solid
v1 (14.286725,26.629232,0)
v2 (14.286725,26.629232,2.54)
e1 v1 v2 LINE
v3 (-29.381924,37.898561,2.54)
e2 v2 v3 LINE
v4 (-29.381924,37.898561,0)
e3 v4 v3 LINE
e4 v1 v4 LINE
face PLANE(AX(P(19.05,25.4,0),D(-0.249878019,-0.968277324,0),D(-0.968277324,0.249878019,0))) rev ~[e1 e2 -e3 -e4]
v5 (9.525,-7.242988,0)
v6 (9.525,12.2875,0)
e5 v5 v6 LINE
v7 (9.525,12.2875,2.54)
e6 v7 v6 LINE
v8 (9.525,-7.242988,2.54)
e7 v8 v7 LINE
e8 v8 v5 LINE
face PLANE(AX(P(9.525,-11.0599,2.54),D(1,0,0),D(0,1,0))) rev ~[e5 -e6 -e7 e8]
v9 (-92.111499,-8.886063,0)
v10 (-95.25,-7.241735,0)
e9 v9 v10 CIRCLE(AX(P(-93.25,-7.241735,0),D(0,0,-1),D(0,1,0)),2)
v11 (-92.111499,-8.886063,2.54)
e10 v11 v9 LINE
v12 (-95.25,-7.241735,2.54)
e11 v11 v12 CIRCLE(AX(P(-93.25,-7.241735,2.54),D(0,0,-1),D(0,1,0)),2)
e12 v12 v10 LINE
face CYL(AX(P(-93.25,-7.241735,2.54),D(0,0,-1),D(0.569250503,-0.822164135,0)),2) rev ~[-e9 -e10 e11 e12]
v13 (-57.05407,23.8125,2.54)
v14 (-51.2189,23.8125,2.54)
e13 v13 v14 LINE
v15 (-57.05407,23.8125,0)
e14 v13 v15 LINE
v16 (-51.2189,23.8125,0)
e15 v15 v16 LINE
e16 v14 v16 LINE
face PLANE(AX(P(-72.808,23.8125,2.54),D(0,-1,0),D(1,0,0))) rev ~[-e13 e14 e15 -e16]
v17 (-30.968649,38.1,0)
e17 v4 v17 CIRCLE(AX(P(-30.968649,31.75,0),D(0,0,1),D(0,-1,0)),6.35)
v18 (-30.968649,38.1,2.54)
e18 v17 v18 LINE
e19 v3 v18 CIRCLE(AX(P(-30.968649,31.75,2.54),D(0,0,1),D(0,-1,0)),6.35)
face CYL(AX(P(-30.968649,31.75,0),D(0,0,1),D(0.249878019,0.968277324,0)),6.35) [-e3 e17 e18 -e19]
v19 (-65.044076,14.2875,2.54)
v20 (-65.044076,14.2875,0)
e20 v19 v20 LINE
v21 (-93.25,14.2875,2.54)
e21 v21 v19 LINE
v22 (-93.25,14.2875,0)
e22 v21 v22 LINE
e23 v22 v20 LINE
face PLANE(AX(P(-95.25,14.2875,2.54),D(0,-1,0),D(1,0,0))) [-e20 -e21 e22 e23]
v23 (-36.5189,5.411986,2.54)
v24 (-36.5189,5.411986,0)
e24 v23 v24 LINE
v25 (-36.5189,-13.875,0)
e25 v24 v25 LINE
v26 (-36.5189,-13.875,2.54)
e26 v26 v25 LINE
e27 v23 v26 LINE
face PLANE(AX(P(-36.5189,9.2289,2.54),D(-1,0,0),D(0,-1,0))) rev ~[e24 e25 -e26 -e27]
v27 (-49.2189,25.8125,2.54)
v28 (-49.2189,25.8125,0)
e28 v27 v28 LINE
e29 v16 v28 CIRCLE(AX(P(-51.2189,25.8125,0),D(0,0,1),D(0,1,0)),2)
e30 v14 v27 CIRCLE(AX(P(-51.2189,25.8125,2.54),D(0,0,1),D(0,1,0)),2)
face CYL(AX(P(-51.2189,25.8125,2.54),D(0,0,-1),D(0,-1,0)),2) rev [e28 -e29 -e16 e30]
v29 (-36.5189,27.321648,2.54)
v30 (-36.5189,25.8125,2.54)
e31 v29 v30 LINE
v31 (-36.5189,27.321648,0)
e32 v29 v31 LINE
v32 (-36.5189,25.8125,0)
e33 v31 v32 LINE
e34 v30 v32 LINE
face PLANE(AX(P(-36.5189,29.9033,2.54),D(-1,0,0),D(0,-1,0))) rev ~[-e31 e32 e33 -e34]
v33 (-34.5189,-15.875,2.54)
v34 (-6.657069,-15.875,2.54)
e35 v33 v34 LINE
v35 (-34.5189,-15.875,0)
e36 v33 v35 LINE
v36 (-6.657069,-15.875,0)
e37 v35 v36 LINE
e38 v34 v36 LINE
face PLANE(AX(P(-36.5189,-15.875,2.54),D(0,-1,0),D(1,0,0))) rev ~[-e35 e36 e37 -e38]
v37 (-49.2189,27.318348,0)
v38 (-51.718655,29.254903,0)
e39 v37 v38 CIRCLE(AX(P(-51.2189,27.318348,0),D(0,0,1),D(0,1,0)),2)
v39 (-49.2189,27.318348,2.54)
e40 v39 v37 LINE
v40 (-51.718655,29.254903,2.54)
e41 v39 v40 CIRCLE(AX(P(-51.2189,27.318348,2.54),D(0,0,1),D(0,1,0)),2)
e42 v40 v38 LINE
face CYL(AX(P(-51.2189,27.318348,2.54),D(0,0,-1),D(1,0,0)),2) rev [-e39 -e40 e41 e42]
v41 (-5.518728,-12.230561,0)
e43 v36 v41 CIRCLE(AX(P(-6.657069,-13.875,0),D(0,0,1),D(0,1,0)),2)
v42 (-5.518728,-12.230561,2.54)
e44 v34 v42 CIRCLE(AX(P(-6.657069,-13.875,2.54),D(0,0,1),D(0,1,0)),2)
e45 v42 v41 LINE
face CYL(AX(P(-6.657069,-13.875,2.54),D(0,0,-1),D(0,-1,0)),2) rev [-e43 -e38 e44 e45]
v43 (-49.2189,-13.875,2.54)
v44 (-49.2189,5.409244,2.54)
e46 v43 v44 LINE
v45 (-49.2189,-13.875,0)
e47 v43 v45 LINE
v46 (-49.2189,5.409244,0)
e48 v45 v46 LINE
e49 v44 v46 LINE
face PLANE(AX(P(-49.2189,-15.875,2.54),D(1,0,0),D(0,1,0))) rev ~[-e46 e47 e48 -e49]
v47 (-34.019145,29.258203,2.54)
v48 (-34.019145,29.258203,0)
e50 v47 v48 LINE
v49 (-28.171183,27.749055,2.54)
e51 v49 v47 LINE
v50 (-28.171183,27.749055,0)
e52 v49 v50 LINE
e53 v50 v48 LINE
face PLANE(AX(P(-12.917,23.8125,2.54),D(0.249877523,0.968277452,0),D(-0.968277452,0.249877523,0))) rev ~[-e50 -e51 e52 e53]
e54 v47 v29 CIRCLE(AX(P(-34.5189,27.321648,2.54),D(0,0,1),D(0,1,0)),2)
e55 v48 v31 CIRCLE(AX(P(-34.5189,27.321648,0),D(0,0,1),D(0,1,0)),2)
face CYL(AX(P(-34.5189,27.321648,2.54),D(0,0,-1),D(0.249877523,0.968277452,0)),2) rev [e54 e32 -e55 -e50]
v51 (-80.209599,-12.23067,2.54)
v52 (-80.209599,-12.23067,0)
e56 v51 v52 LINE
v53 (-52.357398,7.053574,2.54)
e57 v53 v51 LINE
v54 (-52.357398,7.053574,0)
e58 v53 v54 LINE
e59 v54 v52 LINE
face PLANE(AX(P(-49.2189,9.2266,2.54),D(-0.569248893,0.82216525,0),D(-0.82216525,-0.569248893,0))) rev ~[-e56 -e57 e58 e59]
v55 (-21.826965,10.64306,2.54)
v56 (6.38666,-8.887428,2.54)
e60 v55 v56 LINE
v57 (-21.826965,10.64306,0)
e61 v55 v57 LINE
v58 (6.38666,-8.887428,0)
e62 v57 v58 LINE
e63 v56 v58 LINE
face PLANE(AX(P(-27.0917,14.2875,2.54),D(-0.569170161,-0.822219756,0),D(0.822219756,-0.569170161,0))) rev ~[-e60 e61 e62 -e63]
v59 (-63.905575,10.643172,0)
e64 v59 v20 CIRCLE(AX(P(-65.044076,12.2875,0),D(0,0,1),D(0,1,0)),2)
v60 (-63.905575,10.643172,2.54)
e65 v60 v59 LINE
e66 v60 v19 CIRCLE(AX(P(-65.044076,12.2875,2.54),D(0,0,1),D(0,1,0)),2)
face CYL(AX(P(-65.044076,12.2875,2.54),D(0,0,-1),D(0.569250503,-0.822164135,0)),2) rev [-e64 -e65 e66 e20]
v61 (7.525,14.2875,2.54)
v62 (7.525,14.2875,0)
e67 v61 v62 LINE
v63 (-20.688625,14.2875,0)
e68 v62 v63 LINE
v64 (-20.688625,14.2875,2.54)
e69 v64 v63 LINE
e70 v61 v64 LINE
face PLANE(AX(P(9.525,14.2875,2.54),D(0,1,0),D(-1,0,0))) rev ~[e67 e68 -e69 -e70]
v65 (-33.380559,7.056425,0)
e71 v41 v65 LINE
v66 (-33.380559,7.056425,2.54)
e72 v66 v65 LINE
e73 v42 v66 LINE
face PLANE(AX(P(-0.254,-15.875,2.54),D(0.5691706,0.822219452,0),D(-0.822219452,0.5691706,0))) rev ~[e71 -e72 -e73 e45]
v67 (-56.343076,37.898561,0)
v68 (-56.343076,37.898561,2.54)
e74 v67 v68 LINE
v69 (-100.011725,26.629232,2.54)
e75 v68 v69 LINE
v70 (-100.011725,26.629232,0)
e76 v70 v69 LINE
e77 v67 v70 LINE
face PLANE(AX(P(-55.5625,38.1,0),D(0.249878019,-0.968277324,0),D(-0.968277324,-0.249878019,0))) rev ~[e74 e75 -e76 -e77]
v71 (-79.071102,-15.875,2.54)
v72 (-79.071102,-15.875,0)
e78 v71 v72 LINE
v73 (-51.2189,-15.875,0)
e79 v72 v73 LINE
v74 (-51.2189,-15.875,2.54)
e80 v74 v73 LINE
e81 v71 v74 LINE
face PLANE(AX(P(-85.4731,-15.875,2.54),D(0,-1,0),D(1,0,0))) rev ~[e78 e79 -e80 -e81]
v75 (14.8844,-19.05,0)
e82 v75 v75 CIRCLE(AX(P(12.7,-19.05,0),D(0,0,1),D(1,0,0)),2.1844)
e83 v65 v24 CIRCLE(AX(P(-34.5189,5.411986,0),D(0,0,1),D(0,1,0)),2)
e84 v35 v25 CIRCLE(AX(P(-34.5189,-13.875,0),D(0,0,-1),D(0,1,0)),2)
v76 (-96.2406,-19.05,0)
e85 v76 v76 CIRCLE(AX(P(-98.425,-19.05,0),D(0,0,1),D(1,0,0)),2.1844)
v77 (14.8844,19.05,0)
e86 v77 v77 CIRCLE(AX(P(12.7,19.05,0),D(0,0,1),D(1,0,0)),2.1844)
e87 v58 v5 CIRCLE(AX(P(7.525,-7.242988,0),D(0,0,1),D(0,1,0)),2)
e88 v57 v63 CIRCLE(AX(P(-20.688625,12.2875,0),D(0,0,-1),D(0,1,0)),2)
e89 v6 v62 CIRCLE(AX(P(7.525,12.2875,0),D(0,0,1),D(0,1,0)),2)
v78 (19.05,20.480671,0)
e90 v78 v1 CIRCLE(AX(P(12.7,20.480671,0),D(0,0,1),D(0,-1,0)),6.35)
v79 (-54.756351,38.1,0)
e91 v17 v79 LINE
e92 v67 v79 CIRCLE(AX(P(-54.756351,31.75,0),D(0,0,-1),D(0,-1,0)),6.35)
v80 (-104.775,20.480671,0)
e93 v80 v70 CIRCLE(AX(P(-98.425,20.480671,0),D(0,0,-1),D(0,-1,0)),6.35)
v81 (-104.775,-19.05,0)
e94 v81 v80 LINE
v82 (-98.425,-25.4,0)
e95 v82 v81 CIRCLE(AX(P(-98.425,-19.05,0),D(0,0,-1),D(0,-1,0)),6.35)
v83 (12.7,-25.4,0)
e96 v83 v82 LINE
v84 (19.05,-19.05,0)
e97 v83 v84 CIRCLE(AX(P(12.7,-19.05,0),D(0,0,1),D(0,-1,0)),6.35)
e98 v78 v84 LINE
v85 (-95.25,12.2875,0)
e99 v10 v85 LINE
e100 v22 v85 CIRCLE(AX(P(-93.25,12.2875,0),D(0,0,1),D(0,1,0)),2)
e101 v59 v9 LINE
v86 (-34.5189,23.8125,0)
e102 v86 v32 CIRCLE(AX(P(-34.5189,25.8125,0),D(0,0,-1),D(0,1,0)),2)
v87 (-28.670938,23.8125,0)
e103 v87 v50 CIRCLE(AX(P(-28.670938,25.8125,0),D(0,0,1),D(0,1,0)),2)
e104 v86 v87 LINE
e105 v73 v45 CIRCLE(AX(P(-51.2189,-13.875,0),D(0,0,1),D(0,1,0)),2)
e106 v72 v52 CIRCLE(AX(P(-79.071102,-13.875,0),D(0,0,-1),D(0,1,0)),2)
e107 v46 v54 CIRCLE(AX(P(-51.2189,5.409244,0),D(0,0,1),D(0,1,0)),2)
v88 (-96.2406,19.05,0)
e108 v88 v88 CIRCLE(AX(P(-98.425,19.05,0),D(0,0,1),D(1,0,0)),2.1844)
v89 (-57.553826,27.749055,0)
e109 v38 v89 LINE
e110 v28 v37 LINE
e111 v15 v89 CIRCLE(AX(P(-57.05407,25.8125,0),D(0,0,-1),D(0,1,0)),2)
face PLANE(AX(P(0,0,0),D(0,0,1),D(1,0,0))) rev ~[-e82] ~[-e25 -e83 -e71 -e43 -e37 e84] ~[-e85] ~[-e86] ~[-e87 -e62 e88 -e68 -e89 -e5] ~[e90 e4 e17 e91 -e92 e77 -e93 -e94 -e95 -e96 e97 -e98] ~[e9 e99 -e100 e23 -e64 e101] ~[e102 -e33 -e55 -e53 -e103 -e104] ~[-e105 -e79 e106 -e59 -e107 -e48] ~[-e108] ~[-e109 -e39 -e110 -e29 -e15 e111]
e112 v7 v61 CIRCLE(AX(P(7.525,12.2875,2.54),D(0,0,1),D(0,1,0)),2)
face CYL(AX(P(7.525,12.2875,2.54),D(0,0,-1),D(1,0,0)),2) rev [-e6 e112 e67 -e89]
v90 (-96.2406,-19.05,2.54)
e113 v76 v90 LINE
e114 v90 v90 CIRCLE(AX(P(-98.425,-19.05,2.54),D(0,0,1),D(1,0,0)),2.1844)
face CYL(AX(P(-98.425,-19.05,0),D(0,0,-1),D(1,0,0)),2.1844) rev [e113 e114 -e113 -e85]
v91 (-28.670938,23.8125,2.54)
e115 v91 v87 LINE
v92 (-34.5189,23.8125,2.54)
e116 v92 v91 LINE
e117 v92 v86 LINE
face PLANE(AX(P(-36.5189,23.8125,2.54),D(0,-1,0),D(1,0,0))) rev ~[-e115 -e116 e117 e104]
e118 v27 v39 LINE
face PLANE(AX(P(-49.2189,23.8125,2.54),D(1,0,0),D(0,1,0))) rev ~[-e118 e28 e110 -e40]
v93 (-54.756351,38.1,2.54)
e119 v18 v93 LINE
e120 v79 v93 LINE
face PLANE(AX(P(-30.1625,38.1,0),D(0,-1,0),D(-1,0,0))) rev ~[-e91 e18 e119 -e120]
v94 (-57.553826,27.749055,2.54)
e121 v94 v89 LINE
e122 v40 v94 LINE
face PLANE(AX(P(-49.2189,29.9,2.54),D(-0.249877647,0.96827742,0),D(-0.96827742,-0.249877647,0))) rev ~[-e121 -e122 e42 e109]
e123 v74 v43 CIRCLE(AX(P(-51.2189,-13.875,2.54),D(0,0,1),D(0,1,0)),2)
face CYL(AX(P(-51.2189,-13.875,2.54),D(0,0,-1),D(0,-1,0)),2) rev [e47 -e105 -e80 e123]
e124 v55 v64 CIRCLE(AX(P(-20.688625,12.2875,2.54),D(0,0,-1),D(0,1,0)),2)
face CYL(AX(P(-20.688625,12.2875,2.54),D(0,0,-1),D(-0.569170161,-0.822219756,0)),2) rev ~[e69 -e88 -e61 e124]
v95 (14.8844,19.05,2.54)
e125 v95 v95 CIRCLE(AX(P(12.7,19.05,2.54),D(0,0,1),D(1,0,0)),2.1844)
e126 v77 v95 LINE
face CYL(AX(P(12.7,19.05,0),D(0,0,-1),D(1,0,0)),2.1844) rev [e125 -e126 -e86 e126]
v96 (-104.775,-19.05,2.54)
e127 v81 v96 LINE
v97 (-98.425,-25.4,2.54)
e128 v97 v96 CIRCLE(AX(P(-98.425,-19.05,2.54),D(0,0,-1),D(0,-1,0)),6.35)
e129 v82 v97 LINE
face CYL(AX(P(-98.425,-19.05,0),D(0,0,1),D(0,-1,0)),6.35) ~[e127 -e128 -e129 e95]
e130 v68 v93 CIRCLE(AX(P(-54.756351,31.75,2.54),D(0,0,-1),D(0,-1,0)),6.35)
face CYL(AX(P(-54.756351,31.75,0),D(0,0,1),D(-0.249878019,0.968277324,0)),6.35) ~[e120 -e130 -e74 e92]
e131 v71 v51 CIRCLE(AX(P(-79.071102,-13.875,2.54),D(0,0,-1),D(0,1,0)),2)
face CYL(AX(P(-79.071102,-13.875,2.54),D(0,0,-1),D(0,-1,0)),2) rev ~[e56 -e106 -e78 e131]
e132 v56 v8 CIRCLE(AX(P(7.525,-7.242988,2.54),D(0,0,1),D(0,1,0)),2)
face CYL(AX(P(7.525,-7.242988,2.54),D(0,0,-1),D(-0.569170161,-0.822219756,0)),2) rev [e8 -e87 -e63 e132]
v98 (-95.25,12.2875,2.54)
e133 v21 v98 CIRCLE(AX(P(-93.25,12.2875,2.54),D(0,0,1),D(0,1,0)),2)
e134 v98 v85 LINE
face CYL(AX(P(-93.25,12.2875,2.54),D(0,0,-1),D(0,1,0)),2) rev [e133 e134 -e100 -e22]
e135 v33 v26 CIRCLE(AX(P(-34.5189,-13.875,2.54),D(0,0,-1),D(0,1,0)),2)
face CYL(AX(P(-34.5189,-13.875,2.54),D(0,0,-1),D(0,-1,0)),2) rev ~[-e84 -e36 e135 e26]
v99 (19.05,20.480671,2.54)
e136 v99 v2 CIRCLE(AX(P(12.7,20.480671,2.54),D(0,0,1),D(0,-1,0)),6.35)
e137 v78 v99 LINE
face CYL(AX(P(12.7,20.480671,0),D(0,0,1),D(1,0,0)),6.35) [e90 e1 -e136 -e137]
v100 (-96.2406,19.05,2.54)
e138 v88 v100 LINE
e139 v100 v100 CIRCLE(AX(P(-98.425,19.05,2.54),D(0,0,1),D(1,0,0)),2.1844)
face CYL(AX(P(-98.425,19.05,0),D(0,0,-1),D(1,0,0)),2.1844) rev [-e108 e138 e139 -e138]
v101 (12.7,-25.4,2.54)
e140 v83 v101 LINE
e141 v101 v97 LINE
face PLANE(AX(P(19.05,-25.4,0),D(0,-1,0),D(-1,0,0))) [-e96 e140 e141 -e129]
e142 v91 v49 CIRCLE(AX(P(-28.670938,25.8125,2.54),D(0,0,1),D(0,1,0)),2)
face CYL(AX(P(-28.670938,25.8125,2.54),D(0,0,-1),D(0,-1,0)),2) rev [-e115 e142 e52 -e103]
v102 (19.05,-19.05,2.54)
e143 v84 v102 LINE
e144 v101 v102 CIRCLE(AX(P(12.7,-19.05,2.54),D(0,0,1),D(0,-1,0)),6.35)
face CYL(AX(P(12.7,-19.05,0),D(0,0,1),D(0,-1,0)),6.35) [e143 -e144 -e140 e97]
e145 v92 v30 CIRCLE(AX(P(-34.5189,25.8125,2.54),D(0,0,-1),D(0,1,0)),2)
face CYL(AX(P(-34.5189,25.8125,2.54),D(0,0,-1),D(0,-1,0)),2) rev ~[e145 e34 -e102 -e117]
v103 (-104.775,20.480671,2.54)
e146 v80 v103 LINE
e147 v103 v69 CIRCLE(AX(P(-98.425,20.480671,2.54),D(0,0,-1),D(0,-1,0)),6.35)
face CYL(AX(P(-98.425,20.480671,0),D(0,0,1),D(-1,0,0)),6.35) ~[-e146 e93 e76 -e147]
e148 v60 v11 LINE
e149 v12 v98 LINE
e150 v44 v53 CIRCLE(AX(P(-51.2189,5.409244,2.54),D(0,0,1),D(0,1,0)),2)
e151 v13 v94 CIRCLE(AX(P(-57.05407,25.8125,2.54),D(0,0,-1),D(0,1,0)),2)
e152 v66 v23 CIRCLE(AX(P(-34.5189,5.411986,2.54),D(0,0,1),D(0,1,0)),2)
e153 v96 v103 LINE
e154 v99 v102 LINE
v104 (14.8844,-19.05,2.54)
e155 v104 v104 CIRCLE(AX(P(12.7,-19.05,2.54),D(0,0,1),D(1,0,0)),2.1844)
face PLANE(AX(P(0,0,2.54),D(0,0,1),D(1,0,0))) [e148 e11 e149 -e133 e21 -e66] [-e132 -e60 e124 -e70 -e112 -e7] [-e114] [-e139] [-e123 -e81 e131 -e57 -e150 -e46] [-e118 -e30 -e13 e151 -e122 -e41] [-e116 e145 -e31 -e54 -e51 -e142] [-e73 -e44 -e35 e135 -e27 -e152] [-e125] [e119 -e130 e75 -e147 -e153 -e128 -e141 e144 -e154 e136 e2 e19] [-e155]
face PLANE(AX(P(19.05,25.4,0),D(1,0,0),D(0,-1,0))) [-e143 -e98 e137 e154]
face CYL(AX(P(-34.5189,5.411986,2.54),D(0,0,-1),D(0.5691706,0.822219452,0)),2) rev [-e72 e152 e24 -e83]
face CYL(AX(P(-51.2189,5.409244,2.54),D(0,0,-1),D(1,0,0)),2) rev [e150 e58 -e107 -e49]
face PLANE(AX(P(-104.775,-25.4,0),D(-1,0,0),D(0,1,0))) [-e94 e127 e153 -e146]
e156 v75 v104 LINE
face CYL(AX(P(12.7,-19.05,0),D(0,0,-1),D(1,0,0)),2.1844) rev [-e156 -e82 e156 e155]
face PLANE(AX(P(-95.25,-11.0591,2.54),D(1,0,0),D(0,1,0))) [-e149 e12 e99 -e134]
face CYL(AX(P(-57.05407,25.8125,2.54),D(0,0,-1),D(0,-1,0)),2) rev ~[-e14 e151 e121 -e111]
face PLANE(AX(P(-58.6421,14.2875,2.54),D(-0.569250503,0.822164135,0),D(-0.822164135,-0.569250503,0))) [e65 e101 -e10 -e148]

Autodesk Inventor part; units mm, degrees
ref_plane "YZ Plane" through (0, 0, 0) normal (1, 0, 0) x (0, 1, 0)
ref_plane "XZ Plane" through (0, 0, 0) normal (0, 1, 0) x (-1, 0, 0)
ref_plane "XY Plane" through (0, 0, 0) normal (0, 0, 1) x (1, 0, 0)
sketch "Sketch1" plane through (0, 0, 0) normal (0, 0, 1) x (1, 0, 0)
  circle A0 centre (12.7, -19.05) radius 2.1844 projected
  circle A1 centre (12.7, 19.05) radius 2.1844 projected
  circle A2 centre (-98.425, -19.05) radius 2.1844 projected
  circle A3 centre (-98.425, 19.05) radius 2.1844 projected
  line L0 (19.05, -25.4) -> (-104.775, -25.4)
  line L1 (-104.775, -25.4) -> (-104.775, 25.4)
  line L2 (-104.775, 25.4) -> (19.05, 25.4)
  line L3 (19.05, 25.4) -> (19.05, -25.4)
  line L4 (19.05, -25.4) -> (-104.775, 25.4) construction
  line L5 (-104.775, -25.4) -> (19.05, 25.4) construction
  line L6 (19.05, 25.4) -> (-30.1625, 38.1)
  line L7 (-30.1625, 38.1) -> (-55.5625, 38.1)
  line L8 (-55.5625, 38.1) -> (-104.775, 25.4)
  line L9 (-42.8625, 0) -> (-42.8625, 38.1) construction
  point P0 (0, 0)
  dimension "d0" = 6.35
  dimension "d1" = 6.35
  dimension "d2" = 50.8
  dimension "d3" = 6.35
  dimension "d4" = 12.7
  dimension "d6" = 25.4
extrude "Extrusion1" add sketch "Sketch1" along normal blind 2.54
fillet "Fillet1" radius 6.35 6 edges at (19.05, -25.4, 1.27) (19.05, 25.4, 1.27) (-30.1625, 38.1, 1.27) (-55.5625, 38.1, 1.27) (-104.775, 25.4, 1.27) (-104.775, -25.4, 1.27)
sketch "Sketch2" plane through (0, 0, 2.54) normal (0, 0, 1) x (1, 0, 0)
  line L0 (9.525, -11.0599) -> (9.525, 14.2875)
  line L1 (9.525, 14.2875) -> (-27.0917, 14.2875)
  line L2 (-27.0917, 14.2875) -> (9.525, -11.0599)
  line L3 (-12.917, 23.8125) -> (-36.5189, 29.9033)
  line L4 (-36.5189, 29.9033) -> (-36.5189, 23.8125)
  line L5 (-36.5189, 23.8125) -> (-12.917, 23.8125)
  line L6 (-49.2189, 23.8125) -> (-49.2189, 29.9)
  line L7 (-49.2189, 29.9) -> (-72.808, 23.8125)
  line L8 (-72.808, 23.8125) -> (-49.2189, 23.8125)
  line L9 (-0.254, -15.875) -> (-36.5189, 9.2289)
  line L10 (-36.5189, 9.2289) -> (-36.5189, -15.875)
  line L11 (-36.5189, -15.875) -> (-0.254, -15.875)
  line L12 (-49.2189, -15.875) -> (-49.2189, 9.2266)
  line L13 (-49.2189, 9.2266) -> (-85.4731, -15.875)
  line L14 (-85.4731, -15.875) -> (-49.2189, -15.875)
  line L15 (-95.25, -11.0591) -> (-95.25, 14.2875)
  line L16 (-95.25, 14.2875) -> (-58.6421, 14.2875)
  line L17 (-58.6421, 14.2875) -> (-95.25, -11.0591)
  line L18 (-98.425, -25.4) -> (12.7, -25.4) projected
  line L19 (19.05, -19.05) -> (19.05, 20.4807) projected
  arc A0 (-29.3819, 37.8986) -> (-30.9686, 38.1) centre (-30.9686, 31.75) ccw projected
  line L20 (14.2867, 26.6292) -> (-29.3819, 37.8986) projected
  line L21 (-56.3431, 37.8986) -> (-100.0117, 26.6292) projected
  circle A1 centre (12.7, 19.05) radius 2.1844 projected
  line L22 (-104.775, 20.4807) -> (-104.775, -19.05) projected
  circle A2 centre (12.7, -19.05) radius 2.1844 projected
  circle A3 centre (-98.425, -19.05) radius 2.1844 projected
  line L23 (-36.5189, 23.8125) -> (-98.425, -19.05) construction
  line L24 (12.7, -19.05) -> (-49.2189, 23.8125) construction
  point P0 (0, 0)
  point P1 (-30.1689, 38.0494)
  point P2 (-8.7834, 14.2875)
  dimension "d10" = 9.525
  dimension "d11" = 9.525
  dimension "d12" = 12.7
  dimension "d13" = 6.35
  dimension "d14" = 9.525
  dimension "d15" = 9.525
  dimension "d16" = 9.525
  dimension "d17" = 9.525
  dimension "d18" = 4.7625
  dimension "d19" = 9.525
  dimension "d20" = 9.525
  dimension "d21" = 9.525
  dimension "d22" = 4.7625
  dimension "d23" = 4.7625
extrude "Extrusion2" cut sketch "Sketch2" against normal through all contours L2 L1 L0 | L5 L4 L3 | L8 L7 L6 | L11 L10 L9 | L14 L13 L12 | L15 L16 L17
fillet "Fillet2" radius 2 18 edges at (-49.2189, 9.2266, 1.27) (-36.5189, 9.2289, 1.27) (-27.0917, 14.2875, 1.27) (-49.2189, 23.8125, 1.27) (-36.5189, 23.8125, 1.27) (-58.6421, 14.2875, 1.27) (-49.2189, 29.9, 1.27) (-36.5189, 29.9033, 1.27) (-72.808, 23.8125, 1.27) (-12.917, 23.8125, 1.27) (9.525, -11.0599, 1.27) (-0.254, -15.875, 1.27) (9.525, 14.2875, 1.27) (-36.5189, -15.875, 1.27) (-49.2189, -15.875, 1.27) (-95.25, 14.2875, 1.27) (-95.25, -11.0591, 1.27) (-85.4731, -15.875, 1.27)
equation "\"d1\" = d0"
equation "\"d3\" = d0"
properties part number "rangoon"
